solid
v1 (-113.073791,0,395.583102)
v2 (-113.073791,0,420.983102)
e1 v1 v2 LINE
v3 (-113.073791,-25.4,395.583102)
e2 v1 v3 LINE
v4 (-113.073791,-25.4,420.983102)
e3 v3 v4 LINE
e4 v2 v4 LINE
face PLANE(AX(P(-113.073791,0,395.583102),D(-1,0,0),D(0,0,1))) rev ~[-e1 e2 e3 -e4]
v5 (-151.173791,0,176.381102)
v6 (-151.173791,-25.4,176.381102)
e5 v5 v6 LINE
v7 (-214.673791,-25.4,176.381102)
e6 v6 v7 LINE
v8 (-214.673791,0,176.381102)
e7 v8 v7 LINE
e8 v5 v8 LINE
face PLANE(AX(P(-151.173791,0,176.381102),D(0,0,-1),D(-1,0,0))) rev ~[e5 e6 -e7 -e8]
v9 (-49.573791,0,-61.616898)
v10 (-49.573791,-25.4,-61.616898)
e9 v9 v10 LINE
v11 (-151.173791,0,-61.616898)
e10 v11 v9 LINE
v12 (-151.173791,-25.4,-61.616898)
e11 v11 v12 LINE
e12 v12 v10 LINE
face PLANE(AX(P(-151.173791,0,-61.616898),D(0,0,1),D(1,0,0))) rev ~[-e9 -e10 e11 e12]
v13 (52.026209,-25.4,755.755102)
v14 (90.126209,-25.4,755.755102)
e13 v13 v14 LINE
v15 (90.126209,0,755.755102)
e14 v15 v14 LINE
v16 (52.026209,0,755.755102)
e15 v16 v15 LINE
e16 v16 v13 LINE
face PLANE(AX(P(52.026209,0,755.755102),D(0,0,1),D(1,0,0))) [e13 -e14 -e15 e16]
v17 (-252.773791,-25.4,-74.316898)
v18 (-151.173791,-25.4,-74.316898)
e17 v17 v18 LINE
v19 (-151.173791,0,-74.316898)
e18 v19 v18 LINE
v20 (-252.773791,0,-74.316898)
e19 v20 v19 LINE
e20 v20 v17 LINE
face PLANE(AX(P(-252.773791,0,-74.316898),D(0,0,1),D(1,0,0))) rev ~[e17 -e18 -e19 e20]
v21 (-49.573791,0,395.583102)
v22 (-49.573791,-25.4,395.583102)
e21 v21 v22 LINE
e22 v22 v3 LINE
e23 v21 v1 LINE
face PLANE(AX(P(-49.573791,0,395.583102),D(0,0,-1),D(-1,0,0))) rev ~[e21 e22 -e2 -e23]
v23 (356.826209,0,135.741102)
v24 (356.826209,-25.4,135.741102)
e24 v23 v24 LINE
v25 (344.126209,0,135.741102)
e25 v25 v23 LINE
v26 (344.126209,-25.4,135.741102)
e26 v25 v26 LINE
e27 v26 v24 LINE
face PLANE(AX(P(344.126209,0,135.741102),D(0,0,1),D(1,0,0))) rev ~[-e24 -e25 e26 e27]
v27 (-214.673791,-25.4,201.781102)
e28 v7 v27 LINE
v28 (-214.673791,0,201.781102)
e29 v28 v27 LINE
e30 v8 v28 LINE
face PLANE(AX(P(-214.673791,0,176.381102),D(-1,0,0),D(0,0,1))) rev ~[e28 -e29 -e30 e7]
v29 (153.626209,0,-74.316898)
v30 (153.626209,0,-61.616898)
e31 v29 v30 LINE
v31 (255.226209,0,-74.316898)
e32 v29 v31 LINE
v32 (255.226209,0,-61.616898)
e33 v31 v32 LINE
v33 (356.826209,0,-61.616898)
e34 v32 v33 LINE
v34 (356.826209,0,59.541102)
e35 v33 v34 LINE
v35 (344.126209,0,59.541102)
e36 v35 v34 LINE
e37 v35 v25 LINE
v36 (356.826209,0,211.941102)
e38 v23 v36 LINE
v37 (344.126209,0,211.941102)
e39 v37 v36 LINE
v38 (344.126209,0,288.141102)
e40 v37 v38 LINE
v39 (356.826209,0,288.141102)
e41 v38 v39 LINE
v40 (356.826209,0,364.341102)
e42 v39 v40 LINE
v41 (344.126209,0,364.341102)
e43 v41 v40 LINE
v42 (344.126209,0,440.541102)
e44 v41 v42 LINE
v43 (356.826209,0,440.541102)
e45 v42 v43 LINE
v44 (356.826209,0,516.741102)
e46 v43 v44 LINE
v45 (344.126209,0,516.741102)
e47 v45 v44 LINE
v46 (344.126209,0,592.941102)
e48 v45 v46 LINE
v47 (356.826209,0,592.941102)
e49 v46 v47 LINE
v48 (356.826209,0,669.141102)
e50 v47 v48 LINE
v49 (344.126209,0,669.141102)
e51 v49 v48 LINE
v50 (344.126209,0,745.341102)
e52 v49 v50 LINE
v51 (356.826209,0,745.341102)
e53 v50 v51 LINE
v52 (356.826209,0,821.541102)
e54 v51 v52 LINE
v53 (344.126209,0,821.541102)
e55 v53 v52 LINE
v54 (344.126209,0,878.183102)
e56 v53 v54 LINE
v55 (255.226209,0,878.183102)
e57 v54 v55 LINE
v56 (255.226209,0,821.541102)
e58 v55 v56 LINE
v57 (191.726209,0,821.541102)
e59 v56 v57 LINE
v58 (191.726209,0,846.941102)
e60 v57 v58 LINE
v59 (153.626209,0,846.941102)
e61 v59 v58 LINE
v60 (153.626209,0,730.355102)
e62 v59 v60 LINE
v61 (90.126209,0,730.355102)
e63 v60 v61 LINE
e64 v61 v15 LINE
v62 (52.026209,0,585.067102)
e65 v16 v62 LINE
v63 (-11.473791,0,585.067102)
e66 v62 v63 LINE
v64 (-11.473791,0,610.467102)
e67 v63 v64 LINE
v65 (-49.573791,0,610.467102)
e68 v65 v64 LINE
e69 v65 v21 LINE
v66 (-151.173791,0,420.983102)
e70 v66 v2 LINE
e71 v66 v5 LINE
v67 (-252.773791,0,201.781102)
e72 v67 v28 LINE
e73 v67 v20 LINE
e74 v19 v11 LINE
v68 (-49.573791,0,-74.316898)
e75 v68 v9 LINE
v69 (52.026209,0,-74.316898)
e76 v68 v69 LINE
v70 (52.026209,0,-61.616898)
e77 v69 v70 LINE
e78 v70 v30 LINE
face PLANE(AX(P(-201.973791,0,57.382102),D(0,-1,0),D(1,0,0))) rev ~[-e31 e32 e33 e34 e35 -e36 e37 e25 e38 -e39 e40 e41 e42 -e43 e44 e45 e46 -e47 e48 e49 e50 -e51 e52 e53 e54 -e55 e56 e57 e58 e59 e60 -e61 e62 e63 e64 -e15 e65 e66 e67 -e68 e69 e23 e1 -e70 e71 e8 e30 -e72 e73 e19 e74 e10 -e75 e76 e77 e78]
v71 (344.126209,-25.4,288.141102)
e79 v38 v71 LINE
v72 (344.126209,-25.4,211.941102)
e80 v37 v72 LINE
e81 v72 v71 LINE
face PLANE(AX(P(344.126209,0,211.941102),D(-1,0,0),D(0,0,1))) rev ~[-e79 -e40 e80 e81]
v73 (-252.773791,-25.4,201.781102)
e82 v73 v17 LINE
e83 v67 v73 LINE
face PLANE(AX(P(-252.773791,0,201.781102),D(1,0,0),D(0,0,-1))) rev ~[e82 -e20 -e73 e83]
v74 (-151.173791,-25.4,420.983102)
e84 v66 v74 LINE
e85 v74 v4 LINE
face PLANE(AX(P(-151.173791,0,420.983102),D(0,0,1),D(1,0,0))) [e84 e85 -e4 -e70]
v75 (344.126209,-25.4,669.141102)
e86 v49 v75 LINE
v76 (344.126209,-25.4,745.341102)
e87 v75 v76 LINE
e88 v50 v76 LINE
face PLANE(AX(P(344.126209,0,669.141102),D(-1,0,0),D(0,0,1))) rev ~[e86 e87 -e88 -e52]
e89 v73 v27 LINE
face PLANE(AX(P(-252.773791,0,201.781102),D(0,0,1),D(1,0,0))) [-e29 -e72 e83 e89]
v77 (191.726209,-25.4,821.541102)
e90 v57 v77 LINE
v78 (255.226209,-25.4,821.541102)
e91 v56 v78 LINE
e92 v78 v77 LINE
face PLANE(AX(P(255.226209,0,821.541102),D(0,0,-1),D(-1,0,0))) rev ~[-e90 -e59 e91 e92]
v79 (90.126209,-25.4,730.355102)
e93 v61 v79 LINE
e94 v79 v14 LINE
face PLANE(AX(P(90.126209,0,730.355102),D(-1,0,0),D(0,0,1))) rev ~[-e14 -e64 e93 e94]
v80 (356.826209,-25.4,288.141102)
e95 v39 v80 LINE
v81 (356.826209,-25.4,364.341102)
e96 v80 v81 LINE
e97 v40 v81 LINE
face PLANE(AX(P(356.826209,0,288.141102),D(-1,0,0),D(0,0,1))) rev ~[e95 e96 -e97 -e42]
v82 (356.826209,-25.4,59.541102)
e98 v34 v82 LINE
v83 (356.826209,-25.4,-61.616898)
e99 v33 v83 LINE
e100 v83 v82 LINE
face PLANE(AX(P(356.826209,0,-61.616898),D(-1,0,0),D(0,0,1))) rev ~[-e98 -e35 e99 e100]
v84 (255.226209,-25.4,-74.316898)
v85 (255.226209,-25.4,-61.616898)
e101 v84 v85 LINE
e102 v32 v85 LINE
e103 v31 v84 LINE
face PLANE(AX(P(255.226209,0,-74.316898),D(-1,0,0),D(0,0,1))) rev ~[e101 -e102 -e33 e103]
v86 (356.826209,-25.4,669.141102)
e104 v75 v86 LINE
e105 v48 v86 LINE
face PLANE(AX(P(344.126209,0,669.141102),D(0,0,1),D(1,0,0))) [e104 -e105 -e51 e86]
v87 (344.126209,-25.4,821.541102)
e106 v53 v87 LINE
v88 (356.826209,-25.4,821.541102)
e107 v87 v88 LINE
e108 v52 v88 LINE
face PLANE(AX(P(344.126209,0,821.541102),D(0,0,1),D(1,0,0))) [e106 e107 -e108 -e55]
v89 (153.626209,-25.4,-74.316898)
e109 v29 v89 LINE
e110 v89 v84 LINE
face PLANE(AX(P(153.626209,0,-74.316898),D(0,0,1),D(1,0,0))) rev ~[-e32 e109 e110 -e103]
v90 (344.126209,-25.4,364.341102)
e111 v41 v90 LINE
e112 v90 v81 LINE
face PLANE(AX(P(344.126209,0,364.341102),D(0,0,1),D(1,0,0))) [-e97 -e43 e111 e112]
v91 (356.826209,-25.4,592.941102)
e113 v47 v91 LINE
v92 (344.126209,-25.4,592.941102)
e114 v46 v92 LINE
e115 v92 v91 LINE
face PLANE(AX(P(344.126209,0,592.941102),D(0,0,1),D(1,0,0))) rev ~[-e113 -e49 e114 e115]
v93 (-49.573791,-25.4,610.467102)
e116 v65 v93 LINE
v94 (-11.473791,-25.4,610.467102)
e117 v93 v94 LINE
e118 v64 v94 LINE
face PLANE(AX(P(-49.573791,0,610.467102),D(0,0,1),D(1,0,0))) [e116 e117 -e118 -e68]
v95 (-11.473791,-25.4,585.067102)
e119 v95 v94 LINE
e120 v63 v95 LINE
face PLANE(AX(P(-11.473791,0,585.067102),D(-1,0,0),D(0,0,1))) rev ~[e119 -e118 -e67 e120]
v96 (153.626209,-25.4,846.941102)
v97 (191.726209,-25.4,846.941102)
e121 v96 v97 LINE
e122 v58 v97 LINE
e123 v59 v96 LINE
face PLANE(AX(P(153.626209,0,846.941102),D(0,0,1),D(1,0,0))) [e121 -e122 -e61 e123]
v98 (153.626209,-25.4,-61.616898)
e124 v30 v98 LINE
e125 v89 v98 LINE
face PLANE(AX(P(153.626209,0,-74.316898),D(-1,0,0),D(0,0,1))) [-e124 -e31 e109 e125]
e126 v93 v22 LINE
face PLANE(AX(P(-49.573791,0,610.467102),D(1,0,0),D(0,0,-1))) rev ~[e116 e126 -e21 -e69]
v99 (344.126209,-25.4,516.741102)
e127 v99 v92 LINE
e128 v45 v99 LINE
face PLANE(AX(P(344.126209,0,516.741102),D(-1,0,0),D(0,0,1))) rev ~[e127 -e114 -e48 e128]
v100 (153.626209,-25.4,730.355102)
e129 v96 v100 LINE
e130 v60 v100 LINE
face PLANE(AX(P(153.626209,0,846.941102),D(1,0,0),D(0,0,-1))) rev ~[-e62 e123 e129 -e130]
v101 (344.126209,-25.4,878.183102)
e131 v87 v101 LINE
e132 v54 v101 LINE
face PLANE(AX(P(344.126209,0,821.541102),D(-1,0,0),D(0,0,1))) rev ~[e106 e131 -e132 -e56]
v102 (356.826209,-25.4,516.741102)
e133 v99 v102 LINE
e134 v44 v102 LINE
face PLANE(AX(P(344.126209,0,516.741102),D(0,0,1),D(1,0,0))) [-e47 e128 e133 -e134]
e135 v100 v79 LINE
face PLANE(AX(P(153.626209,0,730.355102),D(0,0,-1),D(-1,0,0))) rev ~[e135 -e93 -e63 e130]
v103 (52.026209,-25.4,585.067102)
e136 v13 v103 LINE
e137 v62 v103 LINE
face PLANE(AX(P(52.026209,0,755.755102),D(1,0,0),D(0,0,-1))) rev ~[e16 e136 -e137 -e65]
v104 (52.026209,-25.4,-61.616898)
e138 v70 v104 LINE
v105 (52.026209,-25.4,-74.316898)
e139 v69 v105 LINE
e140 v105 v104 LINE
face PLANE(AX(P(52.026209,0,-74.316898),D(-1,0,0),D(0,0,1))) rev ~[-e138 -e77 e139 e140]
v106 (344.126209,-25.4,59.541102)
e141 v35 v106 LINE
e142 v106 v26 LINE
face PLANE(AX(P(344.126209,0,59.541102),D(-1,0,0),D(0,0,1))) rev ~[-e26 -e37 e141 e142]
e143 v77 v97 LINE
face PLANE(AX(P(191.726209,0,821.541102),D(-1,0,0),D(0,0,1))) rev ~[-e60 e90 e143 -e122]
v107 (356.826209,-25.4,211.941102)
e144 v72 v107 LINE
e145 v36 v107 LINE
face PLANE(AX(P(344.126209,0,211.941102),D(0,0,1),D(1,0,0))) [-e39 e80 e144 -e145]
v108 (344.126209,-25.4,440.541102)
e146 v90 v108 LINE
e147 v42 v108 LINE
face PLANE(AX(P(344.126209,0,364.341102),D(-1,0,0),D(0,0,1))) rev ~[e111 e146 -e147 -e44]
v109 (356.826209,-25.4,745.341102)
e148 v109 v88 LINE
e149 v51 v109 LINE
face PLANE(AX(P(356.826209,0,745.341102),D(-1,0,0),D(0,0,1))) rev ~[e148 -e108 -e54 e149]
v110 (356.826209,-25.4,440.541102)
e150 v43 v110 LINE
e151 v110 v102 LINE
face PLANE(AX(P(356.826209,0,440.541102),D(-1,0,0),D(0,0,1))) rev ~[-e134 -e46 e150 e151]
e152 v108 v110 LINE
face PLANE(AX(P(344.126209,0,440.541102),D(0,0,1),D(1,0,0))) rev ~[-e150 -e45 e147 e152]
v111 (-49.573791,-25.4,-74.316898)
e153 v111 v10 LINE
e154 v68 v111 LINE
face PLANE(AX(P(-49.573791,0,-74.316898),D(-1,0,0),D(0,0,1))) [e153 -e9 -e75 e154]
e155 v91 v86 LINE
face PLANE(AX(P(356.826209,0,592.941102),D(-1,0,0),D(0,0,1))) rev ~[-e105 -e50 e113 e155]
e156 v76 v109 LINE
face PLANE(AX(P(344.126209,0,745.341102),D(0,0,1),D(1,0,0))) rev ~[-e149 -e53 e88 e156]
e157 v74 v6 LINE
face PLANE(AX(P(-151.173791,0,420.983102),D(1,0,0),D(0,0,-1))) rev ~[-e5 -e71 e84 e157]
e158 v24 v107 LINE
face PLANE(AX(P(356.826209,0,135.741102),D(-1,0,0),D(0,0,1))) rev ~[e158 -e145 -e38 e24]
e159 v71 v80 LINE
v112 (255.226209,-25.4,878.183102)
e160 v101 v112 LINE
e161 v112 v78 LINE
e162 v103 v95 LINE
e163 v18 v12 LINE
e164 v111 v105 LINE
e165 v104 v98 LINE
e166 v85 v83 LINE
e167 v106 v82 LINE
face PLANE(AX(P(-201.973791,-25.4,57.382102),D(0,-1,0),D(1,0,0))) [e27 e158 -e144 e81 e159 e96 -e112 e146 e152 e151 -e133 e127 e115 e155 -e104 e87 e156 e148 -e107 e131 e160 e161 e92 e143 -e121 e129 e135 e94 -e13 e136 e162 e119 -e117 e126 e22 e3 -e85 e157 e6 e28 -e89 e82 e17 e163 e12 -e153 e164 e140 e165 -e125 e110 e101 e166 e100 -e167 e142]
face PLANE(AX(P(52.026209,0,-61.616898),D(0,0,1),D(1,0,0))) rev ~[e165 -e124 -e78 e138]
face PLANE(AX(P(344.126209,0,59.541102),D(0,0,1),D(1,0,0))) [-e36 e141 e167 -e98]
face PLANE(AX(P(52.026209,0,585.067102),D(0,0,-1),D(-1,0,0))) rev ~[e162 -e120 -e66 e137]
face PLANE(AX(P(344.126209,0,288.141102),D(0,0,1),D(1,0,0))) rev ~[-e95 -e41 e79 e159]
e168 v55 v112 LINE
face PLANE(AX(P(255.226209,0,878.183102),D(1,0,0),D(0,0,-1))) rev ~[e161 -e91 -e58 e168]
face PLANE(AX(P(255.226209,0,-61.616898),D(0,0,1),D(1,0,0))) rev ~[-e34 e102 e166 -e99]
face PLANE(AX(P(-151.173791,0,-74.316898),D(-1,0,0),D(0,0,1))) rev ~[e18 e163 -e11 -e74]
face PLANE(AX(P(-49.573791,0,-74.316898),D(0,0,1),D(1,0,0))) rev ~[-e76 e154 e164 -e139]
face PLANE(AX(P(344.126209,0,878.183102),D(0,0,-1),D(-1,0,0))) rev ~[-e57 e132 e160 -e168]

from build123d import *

# Parameters (mm, degrees)
F0_W     = 101.6
F0_H     = 12.7
F0_W_2   = 38.1
F0_H_2   = 25.4
F0_W_3   = 12.7
F0_H_3   = 121.158
F0_H_4   = 76.2
F1_DEPTH = 25.4


with BuildPart() as f1:
    # F0 (on Front) → F1 (new body)
    with BuildSketch(Plane.XZ):
        Polygon((-252.773791, 176.381102), (-252.773791, -61.616898), (-151.173791, -61.616898), (-151.173791, 176.381102), (-214.673791, 176.381102), align=None)
        with Locations((-201.973791, -67.966898)):
            Rectangle(F0_W, F0_H)
        Polygon((-151.173791, 176.381102), (-151.173791, -61.616898), (-49.573791, -61.616898), (-49.573791, 395.583102), (-113.073791, 395.583102), (-151.173791, 395.583102), align=None)
        with Locations((-233.723791, 189.081102)):
            Rectangle(F0_W_2, F0_H_2)
        Polygon((-49.573791, 395.583102), (-49.573791, -61.616898), (52.026209, -61.616898), (52.026209, 585.067102), (-11.473791, 585.067102), (-49.573791, 585.067102), align=None)
        with Locations((1.226209, -67.966898)):
            Rectangle(F0_W, F0_H)
        Polygon((52.026209, 585.067102), (52.026209, -61.616898), (153.626209, -61.616898), (153.626209, 730.355102), (90.126209, 730.355102), (52.026209, 730.355102), align=None)
        with Locations((-132.123791, 408.283102)):
            Rectangle(F0_W_2, F0_H_2)
        Polygon((153.626209, 730.355102), (153.626209, -61.616898), (255.226209, -61.616898), (255.226209, 821.541102), (191.726209, 821.541102), (153.626209, 821.541102), align=None)
        with Locations((204.426209, -67.966898)):
            Rectangle(F0_W, F0_H)
        with Locations((-30.523791, 597.767102)):
            Rectangle(F0_W_2, F0_H_2)
        Polygon((255.226209, 821.541102), (255.226209, -61.616898), (344.126209, -61.616898), (344.126209, 59.541102), (344.126209, 135.741102), (344.126209, 211.941102), (344.126209, 288.141102), (344.126209, 364.341102), (344.126209, 440.541102), (344.126209, 516.741102), (344.126209, 592.941102), (344.126209, 669.141102), (344.126209, 745.341102), (344.126209, 821.541102), (344.126209, 852.783102), (293.326209, 852.783102), (255.226209, 852.783102), align=None)
        with Locations((71.076209, 743.055102)):
            Rectangle(F0_W_2, F0_H_2)
        with Locations((350.476209, -1.037898)):
            Rectangle(F0_W_3, F0_H_3)
        with Locations((172.676209, 834.241102)):
            Rectangle(F0_W_2, F0_H_2)
        Polygon((255.226209, 878.183102), (255.226209, 852.783102), (293.326209, 852.783102), (344.126209, 852.783102), (344.126209, 878.183102), (293.326209, 878.183102), align=None)
        with Locations((350.476209, 173.841102)):
            Rectangle(F0_W_3, F0_H_4)
        with Locations((350.476209, 783.441102)):
            Rectangle(F0_W_3, F0_H_4)
        with Locations((350.476209, 326.241102)):
            Rectangle(F0_W_3, F0_H_4)
        with Locations((350.476209, 631.041102)):
            Rectangle(F0_W_3, F0_H_4)
        with Locations((350.476209, 478.641102)):
            Rectangle(F0_W_3, F0_H_4)
    extrude(amount=F1_DEPTH)


solid = f1.part
